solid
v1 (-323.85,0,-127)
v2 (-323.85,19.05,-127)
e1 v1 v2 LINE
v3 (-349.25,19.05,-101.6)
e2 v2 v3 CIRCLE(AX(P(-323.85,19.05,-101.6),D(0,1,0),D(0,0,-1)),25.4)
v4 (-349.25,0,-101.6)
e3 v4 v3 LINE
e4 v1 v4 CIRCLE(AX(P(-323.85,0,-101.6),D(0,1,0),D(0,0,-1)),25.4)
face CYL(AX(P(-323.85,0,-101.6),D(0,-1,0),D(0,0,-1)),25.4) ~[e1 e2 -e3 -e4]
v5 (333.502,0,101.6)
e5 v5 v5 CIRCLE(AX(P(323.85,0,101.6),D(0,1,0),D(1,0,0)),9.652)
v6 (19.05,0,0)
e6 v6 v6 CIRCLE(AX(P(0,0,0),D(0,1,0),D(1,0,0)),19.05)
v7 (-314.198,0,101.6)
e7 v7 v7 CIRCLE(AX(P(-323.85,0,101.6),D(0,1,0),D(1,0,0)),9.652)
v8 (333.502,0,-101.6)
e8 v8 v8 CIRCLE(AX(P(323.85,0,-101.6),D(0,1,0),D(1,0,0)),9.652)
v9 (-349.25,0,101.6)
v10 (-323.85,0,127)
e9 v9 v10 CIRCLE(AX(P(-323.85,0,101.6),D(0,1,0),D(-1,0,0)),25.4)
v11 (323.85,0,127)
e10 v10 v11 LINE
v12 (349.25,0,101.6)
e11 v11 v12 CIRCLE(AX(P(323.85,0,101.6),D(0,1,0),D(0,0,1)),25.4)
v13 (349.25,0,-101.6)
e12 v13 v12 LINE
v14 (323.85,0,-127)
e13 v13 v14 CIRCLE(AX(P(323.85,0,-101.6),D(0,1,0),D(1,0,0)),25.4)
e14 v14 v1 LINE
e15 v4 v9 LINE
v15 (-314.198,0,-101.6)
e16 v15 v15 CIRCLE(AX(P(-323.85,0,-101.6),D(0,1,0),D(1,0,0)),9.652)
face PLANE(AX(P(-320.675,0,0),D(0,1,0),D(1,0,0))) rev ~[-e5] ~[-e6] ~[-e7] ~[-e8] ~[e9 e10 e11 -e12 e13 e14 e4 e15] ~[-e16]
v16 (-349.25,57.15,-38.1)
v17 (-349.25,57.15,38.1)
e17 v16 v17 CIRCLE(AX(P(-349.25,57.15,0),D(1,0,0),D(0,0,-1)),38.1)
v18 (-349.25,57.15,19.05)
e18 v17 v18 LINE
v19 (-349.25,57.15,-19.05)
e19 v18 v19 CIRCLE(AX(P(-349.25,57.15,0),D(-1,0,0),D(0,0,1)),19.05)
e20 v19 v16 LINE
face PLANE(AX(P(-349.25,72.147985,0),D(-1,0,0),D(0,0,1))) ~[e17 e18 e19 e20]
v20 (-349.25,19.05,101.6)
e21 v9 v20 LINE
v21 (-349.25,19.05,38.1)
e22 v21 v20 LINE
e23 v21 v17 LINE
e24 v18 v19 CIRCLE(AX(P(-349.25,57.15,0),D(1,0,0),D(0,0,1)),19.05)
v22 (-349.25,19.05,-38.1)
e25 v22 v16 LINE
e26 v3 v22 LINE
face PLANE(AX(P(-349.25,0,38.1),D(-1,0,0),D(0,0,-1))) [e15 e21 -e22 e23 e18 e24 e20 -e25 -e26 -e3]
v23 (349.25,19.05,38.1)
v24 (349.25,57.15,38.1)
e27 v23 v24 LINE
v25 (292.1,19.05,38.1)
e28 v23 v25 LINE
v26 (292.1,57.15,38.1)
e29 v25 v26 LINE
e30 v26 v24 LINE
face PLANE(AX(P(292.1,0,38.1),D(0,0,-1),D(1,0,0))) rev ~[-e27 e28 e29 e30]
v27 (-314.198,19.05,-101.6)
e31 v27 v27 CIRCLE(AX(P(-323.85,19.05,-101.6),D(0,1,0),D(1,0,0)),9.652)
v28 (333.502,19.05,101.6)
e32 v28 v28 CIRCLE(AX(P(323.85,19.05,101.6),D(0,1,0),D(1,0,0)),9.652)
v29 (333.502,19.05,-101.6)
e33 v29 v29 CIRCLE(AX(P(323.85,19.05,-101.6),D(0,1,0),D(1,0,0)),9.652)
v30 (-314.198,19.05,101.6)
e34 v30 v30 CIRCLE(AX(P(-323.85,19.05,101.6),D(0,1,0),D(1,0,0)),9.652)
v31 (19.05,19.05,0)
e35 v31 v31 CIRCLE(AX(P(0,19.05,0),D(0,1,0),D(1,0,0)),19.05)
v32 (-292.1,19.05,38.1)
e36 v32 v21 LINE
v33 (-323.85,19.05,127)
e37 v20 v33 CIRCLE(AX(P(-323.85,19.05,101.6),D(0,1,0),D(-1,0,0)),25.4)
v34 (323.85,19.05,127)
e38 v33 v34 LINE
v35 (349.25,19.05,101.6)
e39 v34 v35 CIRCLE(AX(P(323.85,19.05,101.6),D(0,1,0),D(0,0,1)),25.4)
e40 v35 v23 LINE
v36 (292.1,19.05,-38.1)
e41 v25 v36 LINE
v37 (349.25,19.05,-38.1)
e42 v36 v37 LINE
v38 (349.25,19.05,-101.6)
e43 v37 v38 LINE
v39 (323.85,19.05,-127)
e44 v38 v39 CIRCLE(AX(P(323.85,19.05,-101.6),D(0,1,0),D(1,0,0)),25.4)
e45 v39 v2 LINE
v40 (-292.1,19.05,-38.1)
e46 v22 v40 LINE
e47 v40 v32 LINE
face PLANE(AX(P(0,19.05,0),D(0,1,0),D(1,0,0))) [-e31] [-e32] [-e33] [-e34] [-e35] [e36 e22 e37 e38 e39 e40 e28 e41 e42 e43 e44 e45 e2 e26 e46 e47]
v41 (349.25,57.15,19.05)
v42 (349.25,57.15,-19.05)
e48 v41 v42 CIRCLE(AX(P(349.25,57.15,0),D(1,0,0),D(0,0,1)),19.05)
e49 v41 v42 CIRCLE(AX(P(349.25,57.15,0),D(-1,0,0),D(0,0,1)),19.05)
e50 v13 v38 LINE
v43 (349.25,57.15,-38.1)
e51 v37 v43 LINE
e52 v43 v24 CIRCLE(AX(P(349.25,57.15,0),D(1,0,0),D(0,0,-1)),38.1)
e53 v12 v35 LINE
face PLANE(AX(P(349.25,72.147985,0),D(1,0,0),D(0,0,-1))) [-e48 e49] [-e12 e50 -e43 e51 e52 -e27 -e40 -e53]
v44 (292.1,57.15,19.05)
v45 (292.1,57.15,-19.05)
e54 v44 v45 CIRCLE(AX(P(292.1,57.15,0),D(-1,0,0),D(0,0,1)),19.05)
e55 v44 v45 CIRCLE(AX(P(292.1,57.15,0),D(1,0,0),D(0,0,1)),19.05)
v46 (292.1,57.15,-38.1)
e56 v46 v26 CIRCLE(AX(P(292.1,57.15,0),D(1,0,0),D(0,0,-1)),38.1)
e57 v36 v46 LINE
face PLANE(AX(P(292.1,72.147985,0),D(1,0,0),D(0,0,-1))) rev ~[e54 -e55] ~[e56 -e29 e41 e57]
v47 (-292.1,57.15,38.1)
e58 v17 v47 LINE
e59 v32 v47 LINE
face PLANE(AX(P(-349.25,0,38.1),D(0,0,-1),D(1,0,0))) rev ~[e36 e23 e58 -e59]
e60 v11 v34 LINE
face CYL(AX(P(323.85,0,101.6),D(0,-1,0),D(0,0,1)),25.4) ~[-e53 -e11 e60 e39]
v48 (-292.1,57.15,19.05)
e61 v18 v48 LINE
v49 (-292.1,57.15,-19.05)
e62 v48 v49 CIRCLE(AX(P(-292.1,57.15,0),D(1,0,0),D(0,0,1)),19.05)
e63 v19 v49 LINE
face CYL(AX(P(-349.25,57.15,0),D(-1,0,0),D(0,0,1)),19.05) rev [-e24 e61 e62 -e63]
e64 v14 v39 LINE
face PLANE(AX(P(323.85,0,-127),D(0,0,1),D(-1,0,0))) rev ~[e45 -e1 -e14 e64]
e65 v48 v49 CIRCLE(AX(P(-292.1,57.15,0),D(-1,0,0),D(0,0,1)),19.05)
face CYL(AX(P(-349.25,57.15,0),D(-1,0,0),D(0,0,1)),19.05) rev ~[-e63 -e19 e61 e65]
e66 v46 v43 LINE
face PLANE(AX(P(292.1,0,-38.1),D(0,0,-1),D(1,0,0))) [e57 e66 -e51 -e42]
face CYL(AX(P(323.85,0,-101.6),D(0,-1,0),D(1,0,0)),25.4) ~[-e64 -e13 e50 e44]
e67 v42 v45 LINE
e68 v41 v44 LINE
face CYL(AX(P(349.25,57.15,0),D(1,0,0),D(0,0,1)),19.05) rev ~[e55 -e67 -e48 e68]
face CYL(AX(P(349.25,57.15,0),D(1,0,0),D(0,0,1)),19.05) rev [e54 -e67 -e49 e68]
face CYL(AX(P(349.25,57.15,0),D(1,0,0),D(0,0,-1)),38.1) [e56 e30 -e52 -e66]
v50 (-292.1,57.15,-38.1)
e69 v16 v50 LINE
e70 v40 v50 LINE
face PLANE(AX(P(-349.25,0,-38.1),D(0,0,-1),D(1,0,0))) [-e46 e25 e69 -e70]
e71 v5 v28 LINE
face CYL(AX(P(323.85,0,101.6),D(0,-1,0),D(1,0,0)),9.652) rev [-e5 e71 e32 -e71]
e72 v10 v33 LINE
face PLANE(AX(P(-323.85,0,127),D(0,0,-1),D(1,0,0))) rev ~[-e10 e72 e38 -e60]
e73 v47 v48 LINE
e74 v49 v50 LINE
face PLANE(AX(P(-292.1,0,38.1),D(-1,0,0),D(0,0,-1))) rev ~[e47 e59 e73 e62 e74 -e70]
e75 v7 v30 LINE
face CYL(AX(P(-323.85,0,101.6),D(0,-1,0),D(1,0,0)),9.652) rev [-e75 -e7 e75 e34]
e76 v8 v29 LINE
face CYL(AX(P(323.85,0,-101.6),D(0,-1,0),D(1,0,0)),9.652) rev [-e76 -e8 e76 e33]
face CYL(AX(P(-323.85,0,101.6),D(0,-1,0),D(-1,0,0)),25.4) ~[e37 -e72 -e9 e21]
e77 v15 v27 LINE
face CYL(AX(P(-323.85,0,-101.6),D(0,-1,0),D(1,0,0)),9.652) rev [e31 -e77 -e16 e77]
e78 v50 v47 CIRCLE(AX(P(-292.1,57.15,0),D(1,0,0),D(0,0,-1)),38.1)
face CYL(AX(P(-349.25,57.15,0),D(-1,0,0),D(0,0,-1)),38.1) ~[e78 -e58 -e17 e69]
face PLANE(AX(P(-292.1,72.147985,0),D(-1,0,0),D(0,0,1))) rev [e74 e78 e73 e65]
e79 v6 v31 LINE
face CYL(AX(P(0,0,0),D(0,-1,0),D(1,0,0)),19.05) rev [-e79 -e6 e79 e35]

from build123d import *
from build123d.topology import SkipClean

# Parameters (mm, degrees)
SKETCH1_R           = 9.652
SKETCH1_R_2         = 19.05
BOSS_EXTRUDE1_DEPTH = 19.05
SKETCH1_3_W         = 57.15
SKETCH1_3_H         = 76.2
BOSS_EXTRUDE2_DEPTH = 57.15
BOSS_EXTRUDE3_DEPTH = 57.15
CUT_EXTRUDE2_DEPTH  = 57.15


with BuildPart() as part:
    # Sketch1 → Boss-Extrude1 (new body)
    with BuildSketch(Plane(origin=(0, 0, 0), x_dir=(1, 0, 0), z_dir=(0, 1, 0))):
        with BuildLine():
            ThreePointArc((-349.25, -101.6), (-341.810512242, -119.560512242), (-323.85, -127))
            Line((-323.85, -127), (323.85, -127))
            ThreePointArc((323.85, -127), (341.810512242, -119.560512242), (349.25, -101.6))
            Line((349.25, -101.6), (349.25, -38.1))
            Line((349.25, -38.1), (292.1, -38.1))
            Line((292.1, -38.1), (292.1, 38.1))
            Line((292.1, 38.1), (349.25, 38.1))
            Line((349.25, 38.1), (349.25, 101.6))
            ThreePointArc((349.25, 101.6), (341.810512242, 119.560512242), (323.85, 127))
            Line((323.85, 127), (-323.85, 127))
            ThreePointArc((-323.85, 127), (-341.810512242, 119.560512242), (-349.25, 101.6))
            Line((-349.25, 101.6), (-349.25, 38.1))
            Line((-349.25, 38.1), (-292.1, 38.1))
            Line((-292.1, 38.1), (-292.1, -38.1))
            Line((-292.1, -38.1), (-349.25, -38.1))
            Line((-349.25, -38.1), (-349.25, -101.6))
        make_face()
        with Locations((-323.85, -101.6)):
            Circle(SKETCH1_R, mode=Mode.SUBTRACT)
        with Locations((323.85, -101.6)):
            Circle(SKETCH1_R, mode=Mode.SUBTRACT)
        with Locations((-323.85, 101.6)):
            Circle(SKETCH1_R, mode=Mode.SUBTRACT)
        Circle(SKETCH1_R_2, mode=Mode.SUBTRACT)
        with Locations((323.85, 101.6)):
            Circle(SKETCH1_R, mode=Mode.SUBTRACT)
    extrude(amount=BOSS_EXTRUDE1_DEPTH)

    # Sketch1<3> → Boss-Extrude2 (add)
    with BuildSketch(Plane(origin=(0, 0, 0), x_dir=(1, 0, 0), z_dir=(0, 1, 0))):
        with Locations((-320.675, 0)):
            Rectangle(SKETCH1_3_W, SKETCH1_3_H)
        with Locations((320.675, 0)):
            Rectangle(SKETCH1_3_W, SKETCH1_3_H)
    extrude(amount=BOSS_EXTRUDE2_DEPTH)

    # Sketch2 → Boss-Extrude3 (add)
    with BuildSketch(Plane(origin=(349.25, 0, 0), x_dir=(0, 0, -1), z_dir=(1, 0, 0))):
        with BuildLine():
            Line((19.05, 57.15), (38.1, 57.15))
            ThreePointArc((38.1, 57.15), (0, 95.25), (-38.1, 57.15))
            Line((-38.1, 57.15), (-19.05, 57.15))
            ThreePointArc((-19.05, 57.15), (0, 76.2), (19.05, 57.15))
        make_face()
    boss_extrude3 = extrude(amount=-BOSS_EXTRUDE3_DEPTH)

    # Sketch2<4> → Cut-Extrude2 (cut)
    with SkipClean():  # the faces are left unmerged after this step: merging them gives an invalid solid
        with BuildSketch(Plane(origin=(349.25, 0, 0), x_dir=(0, 0, -1), z_dir=(1, 0, 0))):
            with BuildLine():
                ThreePointArc((-19.05, 57.15), (0, 38.1), (19.05, 57.15))
                Line((19.05, 57.15), (-19.05, 57.15))
            make_face()
        cut_extrude2 = extrude(amount=-CUT_EXTRUDE2_DEPTH, mode=Mode.SUBTRACT)
    add(part.part.scale(1), mode=Mode.REPLACE)  # the faces are merged on a copy

    # Mirror1: Boss-Extrude3, Cut-Extrude2 across plane
    with SkipClean():  # the faces are left unmerged after this step: merging them gives an invalid solid
        add(boss_extrude3.mirror(Plane(origin=(0, 0, 0), x_dir=(0, 0, 1), z_dir=(1, 0, 0))))
        add(cut_extrude2.mirror(Plane(origin=(0, 0, 0), x_dir=(0, 0, 1), z_dir=(1, 0, 0))), mode=Mode.SUBTRACT)


solid = part.part
